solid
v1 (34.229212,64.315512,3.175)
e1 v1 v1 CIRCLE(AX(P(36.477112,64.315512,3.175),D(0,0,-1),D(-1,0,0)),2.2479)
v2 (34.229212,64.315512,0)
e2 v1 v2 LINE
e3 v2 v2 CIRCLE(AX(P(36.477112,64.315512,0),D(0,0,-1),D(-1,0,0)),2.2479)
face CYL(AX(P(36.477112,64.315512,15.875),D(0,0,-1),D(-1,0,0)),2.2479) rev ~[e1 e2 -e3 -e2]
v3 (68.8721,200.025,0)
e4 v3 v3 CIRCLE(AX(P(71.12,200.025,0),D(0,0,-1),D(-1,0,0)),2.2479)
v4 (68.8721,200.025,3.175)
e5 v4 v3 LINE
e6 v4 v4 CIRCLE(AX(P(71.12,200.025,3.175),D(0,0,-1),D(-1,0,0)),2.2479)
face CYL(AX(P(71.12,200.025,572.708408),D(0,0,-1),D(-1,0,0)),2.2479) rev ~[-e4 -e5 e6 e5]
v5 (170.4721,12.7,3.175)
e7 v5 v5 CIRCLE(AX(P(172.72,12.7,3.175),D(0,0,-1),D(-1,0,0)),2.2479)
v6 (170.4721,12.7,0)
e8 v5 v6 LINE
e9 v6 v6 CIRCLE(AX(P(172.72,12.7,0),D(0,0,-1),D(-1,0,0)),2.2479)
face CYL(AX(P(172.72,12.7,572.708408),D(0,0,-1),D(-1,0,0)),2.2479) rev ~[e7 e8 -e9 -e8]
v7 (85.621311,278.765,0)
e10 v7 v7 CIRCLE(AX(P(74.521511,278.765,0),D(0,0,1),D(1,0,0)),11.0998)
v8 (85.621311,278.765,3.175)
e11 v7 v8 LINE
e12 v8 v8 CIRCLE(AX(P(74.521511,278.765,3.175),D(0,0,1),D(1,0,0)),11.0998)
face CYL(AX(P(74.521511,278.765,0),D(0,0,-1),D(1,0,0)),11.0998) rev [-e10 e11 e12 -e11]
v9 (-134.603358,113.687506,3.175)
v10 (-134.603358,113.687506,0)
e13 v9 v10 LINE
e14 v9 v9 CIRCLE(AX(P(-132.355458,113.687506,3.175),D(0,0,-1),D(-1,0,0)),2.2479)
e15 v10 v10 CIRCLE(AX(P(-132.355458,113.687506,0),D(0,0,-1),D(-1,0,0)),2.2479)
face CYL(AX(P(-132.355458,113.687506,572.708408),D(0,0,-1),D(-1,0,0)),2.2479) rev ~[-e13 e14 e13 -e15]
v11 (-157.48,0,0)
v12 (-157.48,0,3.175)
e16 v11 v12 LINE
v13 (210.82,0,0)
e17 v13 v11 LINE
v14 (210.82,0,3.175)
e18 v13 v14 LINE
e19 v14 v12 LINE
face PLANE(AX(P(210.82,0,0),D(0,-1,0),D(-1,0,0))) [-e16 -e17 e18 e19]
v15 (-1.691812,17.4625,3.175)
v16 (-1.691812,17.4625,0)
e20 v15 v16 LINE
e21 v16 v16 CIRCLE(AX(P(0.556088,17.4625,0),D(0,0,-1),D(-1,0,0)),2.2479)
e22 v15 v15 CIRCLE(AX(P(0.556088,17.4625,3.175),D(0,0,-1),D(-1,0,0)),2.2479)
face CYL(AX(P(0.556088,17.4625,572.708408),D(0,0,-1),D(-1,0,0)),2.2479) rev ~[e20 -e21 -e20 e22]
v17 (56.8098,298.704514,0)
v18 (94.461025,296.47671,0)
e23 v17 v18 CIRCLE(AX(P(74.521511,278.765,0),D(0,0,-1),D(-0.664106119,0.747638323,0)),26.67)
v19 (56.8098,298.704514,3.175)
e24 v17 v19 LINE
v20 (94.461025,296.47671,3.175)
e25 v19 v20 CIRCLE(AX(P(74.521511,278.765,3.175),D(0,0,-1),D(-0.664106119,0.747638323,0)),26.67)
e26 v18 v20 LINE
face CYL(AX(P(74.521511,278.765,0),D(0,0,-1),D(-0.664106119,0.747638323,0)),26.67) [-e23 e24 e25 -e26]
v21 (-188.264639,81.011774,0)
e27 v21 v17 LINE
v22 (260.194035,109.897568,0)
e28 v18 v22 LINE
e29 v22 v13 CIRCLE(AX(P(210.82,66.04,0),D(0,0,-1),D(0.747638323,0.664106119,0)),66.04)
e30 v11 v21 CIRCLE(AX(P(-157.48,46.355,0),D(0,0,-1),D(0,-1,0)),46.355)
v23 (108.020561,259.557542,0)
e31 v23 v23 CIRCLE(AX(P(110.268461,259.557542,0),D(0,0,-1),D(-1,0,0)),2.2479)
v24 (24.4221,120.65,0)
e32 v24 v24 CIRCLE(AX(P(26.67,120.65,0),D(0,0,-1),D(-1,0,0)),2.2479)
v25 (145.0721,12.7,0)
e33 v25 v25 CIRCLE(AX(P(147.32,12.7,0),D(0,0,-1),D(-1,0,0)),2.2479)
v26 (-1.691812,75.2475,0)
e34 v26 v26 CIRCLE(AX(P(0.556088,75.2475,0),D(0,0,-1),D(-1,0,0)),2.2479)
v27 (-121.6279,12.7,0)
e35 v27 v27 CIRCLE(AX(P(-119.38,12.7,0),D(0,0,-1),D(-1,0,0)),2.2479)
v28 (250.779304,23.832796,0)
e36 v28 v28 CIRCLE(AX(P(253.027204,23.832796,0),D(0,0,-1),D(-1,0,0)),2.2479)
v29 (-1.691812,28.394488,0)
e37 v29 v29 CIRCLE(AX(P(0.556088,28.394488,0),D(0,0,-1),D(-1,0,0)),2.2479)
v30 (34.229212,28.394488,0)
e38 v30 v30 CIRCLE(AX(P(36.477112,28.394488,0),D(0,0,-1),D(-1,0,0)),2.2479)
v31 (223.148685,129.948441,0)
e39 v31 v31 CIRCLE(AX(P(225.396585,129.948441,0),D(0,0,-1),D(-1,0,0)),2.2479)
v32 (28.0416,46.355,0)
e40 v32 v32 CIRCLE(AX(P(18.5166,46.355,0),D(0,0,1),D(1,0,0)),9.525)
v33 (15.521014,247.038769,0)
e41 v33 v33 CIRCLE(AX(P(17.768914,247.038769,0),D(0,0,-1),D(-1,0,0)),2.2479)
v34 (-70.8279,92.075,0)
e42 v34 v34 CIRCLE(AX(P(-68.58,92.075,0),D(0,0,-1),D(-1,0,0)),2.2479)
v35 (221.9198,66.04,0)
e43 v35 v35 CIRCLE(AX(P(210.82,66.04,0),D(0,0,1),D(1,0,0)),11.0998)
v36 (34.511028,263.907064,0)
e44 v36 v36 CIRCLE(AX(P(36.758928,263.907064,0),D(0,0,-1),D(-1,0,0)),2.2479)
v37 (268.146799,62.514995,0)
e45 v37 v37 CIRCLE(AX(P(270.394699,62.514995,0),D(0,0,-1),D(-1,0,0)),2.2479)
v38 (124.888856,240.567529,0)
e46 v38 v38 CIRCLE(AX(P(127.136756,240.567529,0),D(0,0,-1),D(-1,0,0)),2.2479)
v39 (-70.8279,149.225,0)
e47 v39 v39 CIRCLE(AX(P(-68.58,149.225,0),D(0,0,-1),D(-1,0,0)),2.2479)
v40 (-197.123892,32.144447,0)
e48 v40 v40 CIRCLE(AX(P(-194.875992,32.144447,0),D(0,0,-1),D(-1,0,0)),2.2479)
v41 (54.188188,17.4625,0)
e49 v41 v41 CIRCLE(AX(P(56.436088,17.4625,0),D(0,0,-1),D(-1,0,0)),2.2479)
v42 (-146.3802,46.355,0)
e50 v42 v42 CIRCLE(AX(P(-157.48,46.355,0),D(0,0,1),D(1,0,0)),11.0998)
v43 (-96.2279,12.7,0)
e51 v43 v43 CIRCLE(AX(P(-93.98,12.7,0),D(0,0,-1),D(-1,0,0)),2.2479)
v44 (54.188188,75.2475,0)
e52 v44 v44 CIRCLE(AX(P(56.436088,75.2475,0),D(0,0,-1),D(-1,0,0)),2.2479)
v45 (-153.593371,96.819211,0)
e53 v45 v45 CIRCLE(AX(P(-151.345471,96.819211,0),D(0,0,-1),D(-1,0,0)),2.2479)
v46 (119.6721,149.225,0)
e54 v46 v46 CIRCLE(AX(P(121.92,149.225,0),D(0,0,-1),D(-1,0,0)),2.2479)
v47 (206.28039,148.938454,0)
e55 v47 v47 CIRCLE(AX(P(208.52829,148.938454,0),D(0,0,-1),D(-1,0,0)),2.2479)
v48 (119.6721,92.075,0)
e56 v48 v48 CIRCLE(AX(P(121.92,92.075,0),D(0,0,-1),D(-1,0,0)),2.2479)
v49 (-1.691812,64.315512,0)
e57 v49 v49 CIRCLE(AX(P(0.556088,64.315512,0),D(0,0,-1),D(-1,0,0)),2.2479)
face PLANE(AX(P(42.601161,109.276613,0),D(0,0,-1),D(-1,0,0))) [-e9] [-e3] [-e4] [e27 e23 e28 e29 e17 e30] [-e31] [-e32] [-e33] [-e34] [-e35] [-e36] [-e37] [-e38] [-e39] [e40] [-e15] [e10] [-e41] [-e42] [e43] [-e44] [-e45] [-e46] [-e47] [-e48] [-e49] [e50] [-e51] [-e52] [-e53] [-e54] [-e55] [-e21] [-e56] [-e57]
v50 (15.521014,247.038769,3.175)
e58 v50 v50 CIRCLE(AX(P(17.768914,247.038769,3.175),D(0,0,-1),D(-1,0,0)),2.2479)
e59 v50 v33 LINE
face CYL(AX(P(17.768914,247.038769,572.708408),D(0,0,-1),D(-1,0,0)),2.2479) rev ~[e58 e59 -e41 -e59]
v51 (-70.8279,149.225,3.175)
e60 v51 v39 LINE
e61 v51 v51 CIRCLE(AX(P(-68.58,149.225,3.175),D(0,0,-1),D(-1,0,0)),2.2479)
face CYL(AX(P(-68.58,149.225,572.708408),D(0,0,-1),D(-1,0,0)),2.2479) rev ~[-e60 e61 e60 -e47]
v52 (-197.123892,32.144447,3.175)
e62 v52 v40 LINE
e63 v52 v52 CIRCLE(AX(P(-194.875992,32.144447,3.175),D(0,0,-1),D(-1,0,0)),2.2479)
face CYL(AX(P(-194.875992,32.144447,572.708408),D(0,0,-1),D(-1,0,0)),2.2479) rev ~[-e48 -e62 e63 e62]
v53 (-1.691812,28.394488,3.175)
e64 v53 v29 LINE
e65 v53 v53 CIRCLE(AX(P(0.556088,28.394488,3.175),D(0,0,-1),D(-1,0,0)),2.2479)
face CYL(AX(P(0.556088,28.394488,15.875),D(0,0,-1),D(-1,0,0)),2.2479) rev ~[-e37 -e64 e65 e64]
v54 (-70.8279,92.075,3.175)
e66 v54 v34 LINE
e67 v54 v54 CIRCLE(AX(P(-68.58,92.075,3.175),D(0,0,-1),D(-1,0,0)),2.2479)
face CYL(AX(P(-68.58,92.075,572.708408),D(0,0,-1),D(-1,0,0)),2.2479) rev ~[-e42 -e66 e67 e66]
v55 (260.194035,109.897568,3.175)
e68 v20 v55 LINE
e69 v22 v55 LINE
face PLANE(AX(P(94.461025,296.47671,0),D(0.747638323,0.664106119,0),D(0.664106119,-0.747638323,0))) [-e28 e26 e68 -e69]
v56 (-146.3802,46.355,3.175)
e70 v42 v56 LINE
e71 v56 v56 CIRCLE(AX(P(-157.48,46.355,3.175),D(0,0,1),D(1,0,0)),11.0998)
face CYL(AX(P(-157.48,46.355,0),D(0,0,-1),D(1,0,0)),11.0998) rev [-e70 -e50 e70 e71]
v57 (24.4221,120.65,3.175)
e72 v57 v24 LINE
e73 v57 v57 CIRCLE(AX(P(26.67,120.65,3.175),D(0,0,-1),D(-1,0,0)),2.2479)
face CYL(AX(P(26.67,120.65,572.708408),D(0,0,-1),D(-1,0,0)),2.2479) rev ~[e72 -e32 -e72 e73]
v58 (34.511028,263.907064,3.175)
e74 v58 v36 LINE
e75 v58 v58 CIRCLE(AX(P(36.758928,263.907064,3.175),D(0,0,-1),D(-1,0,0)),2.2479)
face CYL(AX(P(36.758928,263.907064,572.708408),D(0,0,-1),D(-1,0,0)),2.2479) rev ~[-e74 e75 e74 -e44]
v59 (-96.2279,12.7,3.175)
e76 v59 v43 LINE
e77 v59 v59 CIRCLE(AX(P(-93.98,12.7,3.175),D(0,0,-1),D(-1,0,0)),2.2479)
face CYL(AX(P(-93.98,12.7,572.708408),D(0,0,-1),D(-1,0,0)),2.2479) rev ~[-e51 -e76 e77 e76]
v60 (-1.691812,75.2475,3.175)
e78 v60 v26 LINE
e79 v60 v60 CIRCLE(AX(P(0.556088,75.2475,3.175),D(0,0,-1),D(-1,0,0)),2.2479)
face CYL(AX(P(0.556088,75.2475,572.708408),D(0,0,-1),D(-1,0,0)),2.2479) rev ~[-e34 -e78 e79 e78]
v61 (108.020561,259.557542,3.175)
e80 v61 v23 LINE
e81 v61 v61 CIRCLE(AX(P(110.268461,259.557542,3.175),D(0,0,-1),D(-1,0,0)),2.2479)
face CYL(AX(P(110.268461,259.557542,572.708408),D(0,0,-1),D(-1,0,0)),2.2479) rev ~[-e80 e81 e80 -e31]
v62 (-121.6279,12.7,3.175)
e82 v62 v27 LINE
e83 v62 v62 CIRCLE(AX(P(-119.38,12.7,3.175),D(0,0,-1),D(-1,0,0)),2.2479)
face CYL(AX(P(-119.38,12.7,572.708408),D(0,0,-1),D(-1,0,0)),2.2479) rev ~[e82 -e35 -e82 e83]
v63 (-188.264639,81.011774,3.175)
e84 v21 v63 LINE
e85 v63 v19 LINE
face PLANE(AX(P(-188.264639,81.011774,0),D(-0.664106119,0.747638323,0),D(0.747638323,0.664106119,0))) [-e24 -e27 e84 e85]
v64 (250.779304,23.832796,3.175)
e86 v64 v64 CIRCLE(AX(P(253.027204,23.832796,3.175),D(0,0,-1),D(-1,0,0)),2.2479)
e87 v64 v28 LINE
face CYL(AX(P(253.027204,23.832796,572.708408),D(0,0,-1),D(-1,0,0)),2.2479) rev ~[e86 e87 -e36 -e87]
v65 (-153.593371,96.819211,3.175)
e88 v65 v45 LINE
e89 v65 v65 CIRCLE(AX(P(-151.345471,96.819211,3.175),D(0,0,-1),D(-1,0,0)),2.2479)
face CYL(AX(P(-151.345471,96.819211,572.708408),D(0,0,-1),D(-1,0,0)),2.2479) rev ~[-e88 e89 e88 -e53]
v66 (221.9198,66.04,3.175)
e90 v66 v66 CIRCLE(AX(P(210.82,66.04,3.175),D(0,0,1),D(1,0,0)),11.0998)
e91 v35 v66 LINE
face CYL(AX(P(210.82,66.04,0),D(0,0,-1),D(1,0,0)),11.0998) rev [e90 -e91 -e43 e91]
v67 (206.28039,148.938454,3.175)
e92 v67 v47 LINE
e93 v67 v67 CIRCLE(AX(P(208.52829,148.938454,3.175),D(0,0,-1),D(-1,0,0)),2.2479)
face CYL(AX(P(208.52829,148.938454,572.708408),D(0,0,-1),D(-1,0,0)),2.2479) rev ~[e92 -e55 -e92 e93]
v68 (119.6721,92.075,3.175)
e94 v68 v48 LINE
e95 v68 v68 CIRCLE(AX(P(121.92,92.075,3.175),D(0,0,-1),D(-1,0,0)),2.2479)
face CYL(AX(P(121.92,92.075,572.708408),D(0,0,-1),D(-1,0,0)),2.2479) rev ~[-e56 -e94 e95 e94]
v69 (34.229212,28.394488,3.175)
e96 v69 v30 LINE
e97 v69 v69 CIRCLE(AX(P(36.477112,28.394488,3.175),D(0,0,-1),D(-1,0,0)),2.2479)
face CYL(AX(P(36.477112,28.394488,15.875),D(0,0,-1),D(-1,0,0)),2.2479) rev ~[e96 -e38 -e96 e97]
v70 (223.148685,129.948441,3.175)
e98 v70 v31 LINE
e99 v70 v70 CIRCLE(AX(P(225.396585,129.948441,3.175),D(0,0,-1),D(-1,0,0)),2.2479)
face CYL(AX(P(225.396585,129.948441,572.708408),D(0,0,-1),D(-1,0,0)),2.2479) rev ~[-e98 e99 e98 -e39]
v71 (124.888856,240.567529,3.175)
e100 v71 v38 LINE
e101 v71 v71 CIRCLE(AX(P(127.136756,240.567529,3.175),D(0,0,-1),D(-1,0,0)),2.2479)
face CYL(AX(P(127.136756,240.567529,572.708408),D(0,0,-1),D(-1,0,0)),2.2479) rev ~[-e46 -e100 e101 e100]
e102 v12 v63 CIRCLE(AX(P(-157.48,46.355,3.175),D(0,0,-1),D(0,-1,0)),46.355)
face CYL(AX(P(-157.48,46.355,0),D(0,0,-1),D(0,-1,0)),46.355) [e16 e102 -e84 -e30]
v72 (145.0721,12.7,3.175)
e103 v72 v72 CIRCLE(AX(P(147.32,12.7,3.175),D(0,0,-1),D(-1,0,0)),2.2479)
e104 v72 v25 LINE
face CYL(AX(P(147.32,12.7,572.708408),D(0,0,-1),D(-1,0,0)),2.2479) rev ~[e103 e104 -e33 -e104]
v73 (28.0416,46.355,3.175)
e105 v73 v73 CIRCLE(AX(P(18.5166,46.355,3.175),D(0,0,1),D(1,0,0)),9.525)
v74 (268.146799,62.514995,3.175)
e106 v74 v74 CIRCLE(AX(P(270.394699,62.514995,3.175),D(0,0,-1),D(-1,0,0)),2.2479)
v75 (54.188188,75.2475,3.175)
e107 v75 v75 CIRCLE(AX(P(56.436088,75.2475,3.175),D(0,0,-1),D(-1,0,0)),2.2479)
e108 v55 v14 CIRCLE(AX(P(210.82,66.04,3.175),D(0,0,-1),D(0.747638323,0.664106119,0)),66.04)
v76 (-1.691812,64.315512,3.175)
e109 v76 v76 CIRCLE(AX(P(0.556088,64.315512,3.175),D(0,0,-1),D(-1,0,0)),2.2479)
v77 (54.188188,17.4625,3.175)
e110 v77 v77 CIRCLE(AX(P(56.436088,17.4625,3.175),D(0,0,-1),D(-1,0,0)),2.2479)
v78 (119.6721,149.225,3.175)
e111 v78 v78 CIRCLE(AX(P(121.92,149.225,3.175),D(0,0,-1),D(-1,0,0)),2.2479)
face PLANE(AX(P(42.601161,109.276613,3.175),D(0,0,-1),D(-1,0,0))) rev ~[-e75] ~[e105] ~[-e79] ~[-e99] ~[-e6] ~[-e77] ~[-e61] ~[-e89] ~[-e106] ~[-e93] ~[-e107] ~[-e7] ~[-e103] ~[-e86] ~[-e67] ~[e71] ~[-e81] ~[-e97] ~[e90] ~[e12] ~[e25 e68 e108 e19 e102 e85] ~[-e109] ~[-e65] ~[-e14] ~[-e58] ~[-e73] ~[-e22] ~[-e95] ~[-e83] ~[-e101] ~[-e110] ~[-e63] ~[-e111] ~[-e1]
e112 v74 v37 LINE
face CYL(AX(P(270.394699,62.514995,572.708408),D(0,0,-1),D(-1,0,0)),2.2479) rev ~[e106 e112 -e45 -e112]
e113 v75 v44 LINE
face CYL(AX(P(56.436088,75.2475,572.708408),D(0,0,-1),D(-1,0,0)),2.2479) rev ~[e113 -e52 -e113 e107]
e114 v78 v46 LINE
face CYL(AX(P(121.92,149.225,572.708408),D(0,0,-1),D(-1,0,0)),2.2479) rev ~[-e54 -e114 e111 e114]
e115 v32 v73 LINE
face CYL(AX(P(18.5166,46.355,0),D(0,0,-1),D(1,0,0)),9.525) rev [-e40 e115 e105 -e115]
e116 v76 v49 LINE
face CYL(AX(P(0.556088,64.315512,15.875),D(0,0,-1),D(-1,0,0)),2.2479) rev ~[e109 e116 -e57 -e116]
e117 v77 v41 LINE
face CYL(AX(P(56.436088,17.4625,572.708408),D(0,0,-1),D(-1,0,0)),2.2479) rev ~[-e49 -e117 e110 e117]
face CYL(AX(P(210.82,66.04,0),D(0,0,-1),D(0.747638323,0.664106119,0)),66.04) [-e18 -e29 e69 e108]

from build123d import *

# Parameters (mm, degrees)
SKETCH1_R                 = 11.0998
SKETCH1_R_2               = 9.525
BOSS_EXTRUDE1_DEPTH       = 3.175
F_8_CLEARANCE_HOLE1_D     = 4.4958
F_8_CLEARANCE_HOLE1_DEPTH = 12.7
F_8_CLEARANCE_HOLE1_TIP   = 1.350674586
F_8_CLEARANCE_HOLE2_D     = 4.4958


with BuildPart() as part:
    # Sketch1 → Boss-Extrude1 (new body)
    with BuildSketch(Plane.XY):
        with BuildLine():
            Line((-188.264639147, 81.011774484), (56.809800323, 298.704514086))
            ThreePointArc((56.809800323, 298.704514086), (76.096805757, 305.388436009), (94.461024604, 296.476710194))
            Line((94.461024604, 296.476710194), (260.194034881, 109.897568099))
            ThreePointArc((260.194034881, 109.897568099), (271.059668812, 38.975929697), (210.82, 0))
            Line((210.82, 0), (-157.48, 0))
            ThreePointArc((-157.48, 0), (-200.811863601, 29.88880366), (-188.264639147, 81.011774484))
        make_face()
        with Locations((-157.48, 46.355)):
            Circle(SKETCH1_R, mode=Mode.SUBTRACT)
        with Locations((74.521510517, 278.765)):
            Circle(SKETCH1_R, mode=Mode.SUBTRACT)
        with Locations((210.82, 66.04)):
            Circle(SKETCH1_R, mode=Mode.SUBTRACT)
        with Locations((18.5166, 46.355)):
            Circle(SKETCH1_R_2, mode=Mode.SUBTRACT)
    extrude(amount=BOSS_EXTRUDE1_DEPTH)

    # #8 Clearance Hole1
    with Locations(Plane.XY.offset(3.175)):
        with Locations((36.477112242, 64.315512242), (36.477112242, 28.394487758), (0.556087758, 28.394487758), (0.556087758, 64.315512242)):
            Hole(F_8_CLEARANCE_HOLE1_D / 2, depth=F_8_CLEARANCE_HOLE1_DEPTH)
            with Locations((0, 0, -(F_8_CLEARANCE_HOLE1_DEPTH + F_8_CLEARANCE_HOLE1_TIP / 2))):  # 118° drill point
                Cone(0, F_8_CLEARANCE_HOLE1_D / 2, F_8_CLEARANCE_HOLE1_TIP, mode=Mode.SUBTRACT)

    # #8 Clearance Hole2 (through all)
    with Locations(Plane.XY.offset(3.175)):
        with Locations((17.768914495, 247.038768822), (36.758927911, 263.907064244), (110.26846103, 259.557542359), (127.136756453, 240.567528943), (208.528289616, 148.938453927), (225.396585039, 129.948440511), (270.394698688, 62.514995218), (253.027203769, 23.832796231), (172.72, 12.7), (147.32, 12.7), (-93.98, 12.7), (-119.38, 12.7), (-194.875991874, 32.144446994), (-151.345471312, 96.81921091), (-132.355457896, 113.687506333), (-68.58, 149.225), (-68.58, 92.075), (121.92, 92.075), (121.92, 149.225), (71.12, 200.025), (26.67, 120.65), (0.556087758, 75.2475), (56.436087758, 75.2475), (56.436087758, 17.4625), (0.556087758, 17.4625)):
            Hole(F_8_CLEARANCE_HOLE2_D / 2)


solid = part.part
